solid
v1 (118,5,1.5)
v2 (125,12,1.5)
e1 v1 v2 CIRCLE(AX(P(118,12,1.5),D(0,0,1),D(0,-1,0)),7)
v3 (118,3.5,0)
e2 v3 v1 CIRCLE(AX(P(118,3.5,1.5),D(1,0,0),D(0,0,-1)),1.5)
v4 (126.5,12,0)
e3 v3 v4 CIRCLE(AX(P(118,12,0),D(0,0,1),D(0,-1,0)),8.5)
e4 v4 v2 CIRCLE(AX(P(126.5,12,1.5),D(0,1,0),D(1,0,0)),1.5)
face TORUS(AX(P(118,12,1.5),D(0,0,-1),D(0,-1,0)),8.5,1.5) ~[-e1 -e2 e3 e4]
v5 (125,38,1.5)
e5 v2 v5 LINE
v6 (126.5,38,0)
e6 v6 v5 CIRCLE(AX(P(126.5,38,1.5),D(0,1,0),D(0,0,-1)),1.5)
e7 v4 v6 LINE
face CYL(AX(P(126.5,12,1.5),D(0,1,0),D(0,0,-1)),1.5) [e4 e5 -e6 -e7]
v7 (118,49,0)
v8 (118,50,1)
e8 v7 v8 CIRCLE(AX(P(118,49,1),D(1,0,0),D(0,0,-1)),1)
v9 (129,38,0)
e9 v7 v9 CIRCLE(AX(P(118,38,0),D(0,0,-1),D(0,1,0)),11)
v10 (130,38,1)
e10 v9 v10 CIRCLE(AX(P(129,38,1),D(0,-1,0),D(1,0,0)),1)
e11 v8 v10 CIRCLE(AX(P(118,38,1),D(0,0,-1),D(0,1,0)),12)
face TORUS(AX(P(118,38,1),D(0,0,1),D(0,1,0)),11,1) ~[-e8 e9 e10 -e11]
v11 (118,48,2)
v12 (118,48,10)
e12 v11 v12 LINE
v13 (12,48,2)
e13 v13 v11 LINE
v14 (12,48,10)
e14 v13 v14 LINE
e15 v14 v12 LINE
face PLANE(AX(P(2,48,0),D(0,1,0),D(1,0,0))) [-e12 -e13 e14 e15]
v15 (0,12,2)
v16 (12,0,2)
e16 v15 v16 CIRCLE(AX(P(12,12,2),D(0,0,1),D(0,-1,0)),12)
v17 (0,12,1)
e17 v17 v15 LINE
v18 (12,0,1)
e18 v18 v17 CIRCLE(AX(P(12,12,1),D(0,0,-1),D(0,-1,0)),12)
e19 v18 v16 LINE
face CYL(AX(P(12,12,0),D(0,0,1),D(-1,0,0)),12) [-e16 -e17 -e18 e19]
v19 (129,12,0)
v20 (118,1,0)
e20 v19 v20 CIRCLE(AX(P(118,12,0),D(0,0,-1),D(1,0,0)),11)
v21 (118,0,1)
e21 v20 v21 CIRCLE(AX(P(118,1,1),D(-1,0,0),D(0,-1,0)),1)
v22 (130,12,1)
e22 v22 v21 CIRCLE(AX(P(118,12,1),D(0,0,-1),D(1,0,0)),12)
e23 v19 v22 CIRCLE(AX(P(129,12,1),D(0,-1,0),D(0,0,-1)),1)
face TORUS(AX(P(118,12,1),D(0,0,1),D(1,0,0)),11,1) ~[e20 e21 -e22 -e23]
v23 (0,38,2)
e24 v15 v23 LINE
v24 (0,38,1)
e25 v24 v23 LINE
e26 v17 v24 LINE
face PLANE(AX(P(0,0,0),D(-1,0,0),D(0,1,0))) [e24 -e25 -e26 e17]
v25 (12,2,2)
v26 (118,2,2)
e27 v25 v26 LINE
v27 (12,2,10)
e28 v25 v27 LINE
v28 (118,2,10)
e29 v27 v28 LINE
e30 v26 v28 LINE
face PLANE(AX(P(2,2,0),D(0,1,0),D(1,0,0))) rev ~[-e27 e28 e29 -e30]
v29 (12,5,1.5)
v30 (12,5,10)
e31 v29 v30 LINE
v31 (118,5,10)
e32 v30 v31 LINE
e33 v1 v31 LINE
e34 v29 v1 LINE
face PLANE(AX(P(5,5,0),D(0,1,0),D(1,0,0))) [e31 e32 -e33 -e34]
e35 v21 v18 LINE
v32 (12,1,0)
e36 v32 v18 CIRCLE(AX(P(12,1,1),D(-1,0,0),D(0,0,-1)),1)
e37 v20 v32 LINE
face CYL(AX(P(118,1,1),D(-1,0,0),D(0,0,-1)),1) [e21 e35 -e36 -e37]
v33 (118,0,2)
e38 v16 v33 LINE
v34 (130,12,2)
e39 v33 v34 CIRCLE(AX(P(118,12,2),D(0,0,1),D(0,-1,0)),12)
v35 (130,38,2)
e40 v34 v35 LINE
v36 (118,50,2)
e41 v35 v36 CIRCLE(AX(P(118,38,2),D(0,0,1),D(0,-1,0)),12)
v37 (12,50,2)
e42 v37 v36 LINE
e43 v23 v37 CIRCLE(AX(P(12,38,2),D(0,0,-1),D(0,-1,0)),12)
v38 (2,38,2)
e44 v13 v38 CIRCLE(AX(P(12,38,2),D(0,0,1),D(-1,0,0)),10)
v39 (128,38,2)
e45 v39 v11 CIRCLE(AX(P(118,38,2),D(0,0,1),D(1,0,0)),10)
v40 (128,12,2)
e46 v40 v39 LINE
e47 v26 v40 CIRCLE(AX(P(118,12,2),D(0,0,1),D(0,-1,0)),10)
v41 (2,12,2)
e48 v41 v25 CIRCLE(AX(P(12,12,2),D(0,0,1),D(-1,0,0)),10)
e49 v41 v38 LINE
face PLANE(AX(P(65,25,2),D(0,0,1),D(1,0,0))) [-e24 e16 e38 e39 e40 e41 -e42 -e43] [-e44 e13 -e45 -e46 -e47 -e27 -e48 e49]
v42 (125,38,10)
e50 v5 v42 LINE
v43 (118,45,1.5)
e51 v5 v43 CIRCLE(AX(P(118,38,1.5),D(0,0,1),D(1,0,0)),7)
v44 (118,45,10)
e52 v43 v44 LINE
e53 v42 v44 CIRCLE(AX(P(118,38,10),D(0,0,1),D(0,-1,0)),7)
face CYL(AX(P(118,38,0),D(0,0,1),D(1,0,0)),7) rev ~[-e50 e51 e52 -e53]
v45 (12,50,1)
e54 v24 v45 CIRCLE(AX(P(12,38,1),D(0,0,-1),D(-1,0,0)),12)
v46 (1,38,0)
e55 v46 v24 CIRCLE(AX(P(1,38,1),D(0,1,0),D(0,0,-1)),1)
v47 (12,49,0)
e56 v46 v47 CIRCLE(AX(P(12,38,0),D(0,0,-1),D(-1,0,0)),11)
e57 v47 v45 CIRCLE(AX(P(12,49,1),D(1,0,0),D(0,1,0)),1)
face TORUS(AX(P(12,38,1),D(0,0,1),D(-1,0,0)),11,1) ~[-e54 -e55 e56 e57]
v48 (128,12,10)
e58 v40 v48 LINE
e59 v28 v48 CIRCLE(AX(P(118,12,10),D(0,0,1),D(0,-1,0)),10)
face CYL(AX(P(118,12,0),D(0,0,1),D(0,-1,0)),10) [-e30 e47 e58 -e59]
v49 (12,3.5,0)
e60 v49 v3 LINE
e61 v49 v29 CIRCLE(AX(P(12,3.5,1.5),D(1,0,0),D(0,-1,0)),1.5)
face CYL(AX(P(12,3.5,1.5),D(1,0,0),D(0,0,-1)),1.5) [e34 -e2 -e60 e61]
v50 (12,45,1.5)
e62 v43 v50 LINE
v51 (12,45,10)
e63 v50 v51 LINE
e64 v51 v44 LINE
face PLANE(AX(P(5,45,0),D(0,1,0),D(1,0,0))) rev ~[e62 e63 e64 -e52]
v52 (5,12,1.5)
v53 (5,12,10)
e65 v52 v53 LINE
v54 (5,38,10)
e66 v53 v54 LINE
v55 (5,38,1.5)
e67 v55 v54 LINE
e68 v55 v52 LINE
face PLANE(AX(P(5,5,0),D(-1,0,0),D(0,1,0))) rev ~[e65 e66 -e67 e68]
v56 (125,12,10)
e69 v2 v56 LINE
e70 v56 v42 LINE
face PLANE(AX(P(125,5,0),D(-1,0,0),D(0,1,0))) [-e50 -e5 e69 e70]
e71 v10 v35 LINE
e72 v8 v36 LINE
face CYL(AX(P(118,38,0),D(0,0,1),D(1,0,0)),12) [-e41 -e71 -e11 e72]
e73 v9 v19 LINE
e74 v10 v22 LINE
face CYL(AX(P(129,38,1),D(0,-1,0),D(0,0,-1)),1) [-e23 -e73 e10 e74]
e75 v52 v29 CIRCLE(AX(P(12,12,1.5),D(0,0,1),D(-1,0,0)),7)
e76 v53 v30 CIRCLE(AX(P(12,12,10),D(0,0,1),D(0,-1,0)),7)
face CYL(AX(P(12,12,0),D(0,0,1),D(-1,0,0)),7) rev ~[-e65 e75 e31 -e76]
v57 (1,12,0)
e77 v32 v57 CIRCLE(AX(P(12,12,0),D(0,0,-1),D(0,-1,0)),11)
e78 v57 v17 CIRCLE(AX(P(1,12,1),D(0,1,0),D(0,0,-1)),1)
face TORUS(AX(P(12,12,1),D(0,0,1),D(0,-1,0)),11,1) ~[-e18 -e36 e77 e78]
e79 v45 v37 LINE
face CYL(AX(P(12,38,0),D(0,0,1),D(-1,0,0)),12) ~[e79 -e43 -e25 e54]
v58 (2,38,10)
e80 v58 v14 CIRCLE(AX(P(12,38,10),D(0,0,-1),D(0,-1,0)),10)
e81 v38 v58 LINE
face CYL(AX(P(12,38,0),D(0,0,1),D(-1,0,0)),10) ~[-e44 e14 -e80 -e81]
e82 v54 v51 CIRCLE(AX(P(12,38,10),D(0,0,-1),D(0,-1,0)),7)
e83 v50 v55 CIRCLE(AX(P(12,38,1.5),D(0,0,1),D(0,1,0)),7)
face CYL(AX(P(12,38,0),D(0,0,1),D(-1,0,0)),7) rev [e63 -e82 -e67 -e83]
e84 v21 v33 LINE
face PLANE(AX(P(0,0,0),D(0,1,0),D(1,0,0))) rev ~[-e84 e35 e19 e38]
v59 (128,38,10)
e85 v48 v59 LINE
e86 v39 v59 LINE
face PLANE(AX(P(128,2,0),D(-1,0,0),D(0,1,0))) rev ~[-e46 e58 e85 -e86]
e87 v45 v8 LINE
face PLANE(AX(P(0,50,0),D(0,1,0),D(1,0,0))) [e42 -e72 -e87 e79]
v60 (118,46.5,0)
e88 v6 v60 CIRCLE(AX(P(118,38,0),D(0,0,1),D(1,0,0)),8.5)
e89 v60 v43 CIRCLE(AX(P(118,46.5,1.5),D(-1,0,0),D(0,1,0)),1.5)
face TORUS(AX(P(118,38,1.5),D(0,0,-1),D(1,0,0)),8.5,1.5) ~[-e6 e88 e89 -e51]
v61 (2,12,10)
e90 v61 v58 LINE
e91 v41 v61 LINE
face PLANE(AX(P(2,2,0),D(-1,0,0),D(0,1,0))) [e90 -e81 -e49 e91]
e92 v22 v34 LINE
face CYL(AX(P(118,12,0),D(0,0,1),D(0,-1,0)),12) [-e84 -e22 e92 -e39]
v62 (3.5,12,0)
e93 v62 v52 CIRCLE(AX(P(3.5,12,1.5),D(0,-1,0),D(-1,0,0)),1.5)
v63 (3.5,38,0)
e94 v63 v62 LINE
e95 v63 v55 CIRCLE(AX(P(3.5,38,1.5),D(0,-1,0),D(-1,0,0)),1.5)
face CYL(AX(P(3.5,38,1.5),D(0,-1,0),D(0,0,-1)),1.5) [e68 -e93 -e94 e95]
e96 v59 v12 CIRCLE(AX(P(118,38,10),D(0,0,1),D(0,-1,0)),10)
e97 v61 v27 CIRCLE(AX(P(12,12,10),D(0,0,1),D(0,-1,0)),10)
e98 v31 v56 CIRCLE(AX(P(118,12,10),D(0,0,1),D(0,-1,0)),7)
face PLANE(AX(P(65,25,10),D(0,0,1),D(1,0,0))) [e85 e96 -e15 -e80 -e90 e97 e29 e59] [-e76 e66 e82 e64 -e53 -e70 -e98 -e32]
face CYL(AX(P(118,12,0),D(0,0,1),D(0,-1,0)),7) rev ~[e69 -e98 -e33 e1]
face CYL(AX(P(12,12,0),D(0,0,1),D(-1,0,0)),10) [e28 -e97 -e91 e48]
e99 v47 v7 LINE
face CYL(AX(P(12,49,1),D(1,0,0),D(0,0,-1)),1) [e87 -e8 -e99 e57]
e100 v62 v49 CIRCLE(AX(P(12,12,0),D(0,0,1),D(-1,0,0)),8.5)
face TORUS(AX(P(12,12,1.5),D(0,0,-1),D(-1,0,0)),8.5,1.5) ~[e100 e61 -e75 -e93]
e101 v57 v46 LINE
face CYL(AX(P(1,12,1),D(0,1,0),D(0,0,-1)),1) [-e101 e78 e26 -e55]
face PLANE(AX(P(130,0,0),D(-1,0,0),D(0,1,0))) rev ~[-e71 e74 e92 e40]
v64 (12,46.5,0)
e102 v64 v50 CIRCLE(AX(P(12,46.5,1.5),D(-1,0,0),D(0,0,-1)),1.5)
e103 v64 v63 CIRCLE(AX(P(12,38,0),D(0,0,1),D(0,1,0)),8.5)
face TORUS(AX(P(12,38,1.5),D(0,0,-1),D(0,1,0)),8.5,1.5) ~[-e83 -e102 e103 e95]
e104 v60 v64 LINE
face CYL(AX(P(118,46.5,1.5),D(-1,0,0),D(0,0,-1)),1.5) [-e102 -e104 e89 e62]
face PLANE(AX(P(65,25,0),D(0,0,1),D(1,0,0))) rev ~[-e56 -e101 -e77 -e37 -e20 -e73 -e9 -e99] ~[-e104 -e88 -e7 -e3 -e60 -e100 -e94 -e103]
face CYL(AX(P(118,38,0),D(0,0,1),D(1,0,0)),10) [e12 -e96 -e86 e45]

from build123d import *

# Parameters (mm, degrees)
BOX_W        = 120
BOX_H        = 40
BOX_DEPTH    = 10
FILLET_R     = 7
BOX002_W     = 130
BOX002_H     = 50
BOX002_DEPTH = 2
FILLET002_R  = 12
BOX001_W     = 126
BOX001_H     = 46
BOX001_DEPTH = 10
FILLET001_R  = 10
FILLET003_R  = 1.5
FILLET004_R  = 1


with BuildPart() as fillet_body:
    # Box → Box (new body)
    with BuildSketch(Plane.XY):
        with Locations((60, 20)):
            Rectangle(BOX_W, BOX_H)
    extrude(amount=BOX_DEPTH)

    # Fillet
    fillet_edges = [fillet_body.edges().sort_by_distance(p)[0] for p in [
        (0, 0, 5),
        (0, 40, 5),
        (120, 0, 5),
        (120, 40, 5),
    ]]
    fillet(fillet_edges, radius=FILLET_R)


with BuildPart() as fillet_body_1:
    # Fillet placement: moved
    add(fillet_body.part.moved(Location((5, 5, 0))))


with BuildPart() as fillet002:
    # Box002 → Box002 (new body)
    with BuildSketch(Plane.XY):
        with Locations((65, 25)):
            Rectangle(BOX002_W, BOX002_H)
    extrude(amount=BOX002_DEPTH)

    # Fillet002
    fillet002_edges = [fillet002.edges().sort_by_distance(p)[0] for p in [
        (0, 0, 1),
        (0, 50, 1),
        (130, 0, 1),
        (130, 50, 1),
    ]]
    fillet(fillet002_edges, radius=FILLET002_R)


with BuildPart() as fillet004:
    # Box001 → Box001 (new body)
    with BuildSketch(Plane.XY):
        with Locations((63, 23)):
            Rectangle(BOX001_W, BOX001_H)
    extrude(amount=BOX001_DEPTH)

    # Fillet001
    fillet001_edges = [fillet004.edges().sort_by_distance(p)[0] for p in [
        (0, 0, 5),
        (0, 46, 5),
        (126, 0, 5),
        (126, 46, 5),
    ]]
    fillet(fillet001_edges, radius=FILLET001_R)


with BuildPart() as fillet004_1:
    # Fillet001 placement: moved
    add(fillet004.part.moved(Location((2, 2, 0))))

    # Fusion: union Fillet002
    add(fillet002.part)

    # Cut: cut Fillet body
    add(fillet_body_1.part, mode=Mode.SUBTRACT)

    # Fillet003
    fillet003_edges = [fillet004_1.edges().sort_by_distance(p)[0] for p in [
        (7.050253, 7.050253, 0),
        (65, 5, 0),
        (122.949747, 7.050253, 0),
        (125, 25, 0),
        (122.949747, 42.949747, 0),
        (65, 45, 0),
        (7.050253, 42.949747, 0),
        (5, 25, 0),
    ]]
    fillet(fillet003_edges, radius=FILLET003_R)

    # Fillet004
    fillet004_edges = [fillet004_1.edges().sort_by_distance(p)[0] for p in [
        (0, 25, 0),
        (3.514719, 3.514719, 0),
        (3.514719, 46.485281, 0),
        (65, 0, 0),
        (65, 50, 0),
        (126.485281, 3.514719, 0),
        (126.485281, 46.485281, 0),
        (130, 25, 0),
    ]]
    fillet(fillet004_edges, radius=FILLET004_R)


solid = fillet004_1.part
